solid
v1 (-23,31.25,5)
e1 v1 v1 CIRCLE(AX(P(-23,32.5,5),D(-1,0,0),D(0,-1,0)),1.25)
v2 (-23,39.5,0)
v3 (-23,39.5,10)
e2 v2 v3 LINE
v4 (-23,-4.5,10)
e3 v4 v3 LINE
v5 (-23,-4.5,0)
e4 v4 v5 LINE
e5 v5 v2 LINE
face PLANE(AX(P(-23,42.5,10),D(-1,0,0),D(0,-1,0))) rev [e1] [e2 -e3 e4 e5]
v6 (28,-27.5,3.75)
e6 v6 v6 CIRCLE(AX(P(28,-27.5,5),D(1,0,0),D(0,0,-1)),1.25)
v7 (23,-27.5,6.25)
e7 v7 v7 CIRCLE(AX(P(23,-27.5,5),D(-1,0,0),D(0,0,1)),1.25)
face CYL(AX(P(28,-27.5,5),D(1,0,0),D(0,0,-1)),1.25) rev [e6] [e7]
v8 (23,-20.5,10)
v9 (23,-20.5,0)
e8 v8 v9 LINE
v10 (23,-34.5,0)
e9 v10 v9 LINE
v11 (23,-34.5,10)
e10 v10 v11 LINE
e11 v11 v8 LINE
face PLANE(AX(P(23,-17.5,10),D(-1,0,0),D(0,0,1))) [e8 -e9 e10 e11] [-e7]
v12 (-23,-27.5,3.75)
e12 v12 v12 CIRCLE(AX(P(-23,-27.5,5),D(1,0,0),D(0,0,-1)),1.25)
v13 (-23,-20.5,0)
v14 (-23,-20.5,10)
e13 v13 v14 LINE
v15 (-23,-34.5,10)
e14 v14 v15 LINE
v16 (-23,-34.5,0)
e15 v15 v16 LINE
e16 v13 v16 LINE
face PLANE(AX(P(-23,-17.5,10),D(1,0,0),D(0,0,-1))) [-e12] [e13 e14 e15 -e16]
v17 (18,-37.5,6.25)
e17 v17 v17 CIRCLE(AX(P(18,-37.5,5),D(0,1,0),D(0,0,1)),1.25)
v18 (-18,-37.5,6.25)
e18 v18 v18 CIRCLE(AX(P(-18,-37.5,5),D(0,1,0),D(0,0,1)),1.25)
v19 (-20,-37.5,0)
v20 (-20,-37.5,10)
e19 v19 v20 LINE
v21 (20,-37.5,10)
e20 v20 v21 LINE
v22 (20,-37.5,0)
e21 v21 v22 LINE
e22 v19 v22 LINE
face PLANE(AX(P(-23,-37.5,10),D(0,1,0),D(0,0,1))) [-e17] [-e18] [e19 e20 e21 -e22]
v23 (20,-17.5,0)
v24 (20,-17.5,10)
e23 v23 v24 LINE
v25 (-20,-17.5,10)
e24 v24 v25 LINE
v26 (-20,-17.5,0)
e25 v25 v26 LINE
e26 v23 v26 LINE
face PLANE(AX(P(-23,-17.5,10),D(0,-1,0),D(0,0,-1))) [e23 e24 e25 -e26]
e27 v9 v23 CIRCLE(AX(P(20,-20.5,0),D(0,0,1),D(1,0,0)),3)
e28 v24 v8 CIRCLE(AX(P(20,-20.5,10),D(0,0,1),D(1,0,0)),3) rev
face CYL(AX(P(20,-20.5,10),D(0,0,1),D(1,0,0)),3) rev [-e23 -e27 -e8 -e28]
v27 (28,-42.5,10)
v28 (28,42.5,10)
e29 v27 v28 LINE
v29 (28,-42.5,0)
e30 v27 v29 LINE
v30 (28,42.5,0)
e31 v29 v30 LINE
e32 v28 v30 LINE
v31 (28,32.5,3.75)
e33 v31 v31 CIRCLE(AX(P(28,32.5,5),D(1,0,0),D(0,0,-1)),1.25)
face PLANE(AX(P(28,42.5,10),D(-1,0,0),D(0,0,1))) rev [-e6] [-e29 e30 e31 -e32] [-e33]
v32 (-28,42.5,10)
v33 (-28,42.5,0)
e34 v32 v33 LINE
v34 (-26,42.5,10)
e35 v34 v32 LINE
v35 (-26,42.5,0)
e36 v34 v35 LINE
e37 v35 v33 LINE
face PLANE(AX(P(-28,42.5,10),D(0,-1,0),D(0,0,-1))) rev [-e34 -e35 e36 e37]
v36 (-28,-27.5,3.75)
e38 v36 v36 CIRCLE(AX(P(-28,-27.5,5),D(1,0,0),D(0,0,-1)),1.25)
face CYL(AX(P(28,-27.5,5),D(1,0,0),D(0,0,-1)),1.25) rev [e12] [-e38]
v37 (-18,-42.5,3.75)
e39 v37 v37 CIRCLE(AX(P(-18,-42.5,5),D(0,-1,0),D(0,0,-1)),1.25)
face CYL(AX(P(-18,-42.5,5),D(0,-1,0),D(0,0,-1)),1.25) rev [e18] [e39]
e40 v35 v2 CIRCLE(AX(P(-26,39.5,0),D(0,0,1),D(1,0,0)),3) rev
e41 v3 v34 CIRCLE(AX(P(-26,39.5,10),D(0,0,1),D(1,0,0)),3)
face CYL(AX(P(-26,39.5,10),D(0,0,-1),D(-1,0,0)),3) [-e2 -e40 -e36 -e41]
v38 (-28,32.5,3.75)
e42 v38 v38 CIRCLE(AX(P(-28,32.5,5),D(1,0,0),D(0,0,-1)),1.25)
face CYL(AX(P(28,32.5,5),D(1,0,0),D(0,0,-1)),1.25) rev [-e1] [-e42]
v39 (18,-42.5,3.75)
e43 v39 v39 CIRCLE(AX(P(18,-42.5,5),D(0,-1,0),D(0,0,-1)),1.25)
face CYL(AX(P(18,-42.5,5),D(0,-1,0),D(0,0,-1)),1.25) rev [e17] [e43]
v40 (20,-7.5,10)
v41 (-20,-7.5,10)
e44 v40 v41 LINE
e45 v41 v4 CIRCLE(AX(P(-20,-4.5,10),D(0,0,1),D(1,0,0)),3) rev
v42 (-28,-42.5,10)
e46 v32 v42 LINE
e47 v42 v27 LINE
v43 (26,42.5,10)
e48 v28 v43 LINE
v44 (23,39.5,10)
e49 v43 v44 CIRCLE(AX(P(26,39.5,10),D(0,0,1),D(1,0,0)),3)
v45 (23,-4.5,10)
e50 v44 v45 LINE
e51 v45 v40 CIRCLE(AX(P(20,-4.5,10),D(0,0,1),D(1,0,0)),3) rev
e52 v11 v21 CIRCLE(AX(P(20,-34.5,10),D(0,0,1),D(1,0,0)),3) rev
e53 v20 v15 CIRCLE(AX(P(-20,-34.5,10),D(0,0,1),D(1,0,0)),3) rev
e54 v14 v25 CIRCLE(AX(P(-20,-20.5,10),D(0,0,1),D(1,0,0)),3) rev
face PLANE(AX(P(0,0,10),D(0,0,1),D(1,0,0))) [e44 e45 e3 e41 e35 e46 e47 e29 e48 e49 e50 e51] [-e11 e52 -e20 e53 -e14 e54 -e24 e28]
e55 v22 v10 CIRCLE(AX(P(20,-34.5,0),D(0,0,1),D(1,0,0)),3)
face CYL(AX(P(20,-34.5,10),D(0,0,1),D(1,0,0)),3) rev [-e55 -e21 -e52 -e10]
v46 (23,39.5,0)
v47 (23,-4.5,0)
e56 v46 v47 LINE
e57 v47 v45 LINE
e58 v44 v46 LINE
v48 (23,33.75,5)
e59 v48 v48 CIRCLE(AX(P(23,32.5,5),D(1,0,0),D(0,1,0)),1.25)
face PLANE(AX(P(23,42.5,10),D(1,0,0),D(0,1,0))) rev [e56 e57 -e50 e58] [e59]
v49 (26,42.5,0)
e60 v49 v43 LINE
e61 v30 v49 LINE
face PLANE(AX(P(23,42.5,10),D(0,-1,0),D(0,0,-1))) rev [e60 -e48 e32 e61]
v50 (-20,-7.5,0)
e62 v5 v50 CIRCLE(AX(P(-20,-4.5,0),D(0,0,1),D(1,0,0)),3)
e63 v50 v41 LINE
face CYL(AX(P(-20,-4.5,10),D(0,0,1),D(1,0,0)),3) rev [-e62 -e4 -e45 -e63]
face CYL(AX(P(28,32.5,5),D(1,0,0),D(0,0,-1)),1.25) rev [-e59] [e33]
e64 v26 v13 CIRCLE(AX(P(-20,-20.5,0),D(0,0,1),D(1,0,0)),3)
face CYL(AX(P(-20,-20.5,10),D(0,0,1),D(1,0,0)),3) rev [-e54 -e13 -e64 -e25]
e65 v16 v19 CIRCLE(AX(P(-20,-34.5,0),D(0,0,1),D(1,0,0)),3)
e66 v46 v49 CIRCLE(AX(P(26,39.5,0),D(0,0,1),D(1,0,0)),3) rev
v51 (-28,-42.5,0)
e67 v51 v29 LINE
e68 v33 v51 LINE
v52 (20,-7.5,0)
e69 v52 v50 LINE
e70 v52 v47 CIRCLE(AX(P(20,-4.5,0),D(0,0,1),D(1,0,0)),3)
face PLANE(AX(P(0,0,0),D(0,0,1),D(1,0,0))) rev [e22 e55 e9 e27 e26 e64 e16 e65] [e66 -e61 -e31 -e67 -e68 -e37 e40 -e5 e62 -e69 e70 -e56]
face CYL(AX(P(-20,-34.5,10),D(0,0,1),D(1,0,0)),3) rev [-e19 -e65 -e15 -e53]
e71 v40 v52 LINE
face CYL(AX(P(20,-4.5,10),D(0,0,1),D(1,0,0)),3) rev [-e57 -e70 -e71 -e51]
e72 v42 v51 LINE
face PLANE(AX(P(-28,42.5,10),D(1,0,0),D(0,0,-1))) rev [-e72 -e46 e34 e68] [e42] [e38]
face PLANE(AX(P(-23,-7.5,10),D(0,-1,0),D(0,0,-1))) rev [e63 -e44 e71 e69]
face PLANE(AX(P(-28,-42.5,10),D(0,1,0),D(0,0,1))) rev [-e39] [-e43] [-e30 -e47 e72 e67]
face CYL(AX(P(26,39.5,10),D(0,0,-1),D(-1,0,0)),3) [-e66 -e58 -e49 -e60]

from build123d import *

# Parameters (mm, degrees)
SKETCH_1_W      = 46
SKETCH_1_H      = 20
EXTRUDE_1_DEPTH = 10
FILLET_1_R      = 3
M3X0_51_D       = 2.5
M3X0_51_DEPTH   = 5
M3X0_52_D       = 2.5


with BuildPart() as part:
    # Эскиз1 → Бобышка-Вытянуть1 (new body)
    with BuildSketch(Plane.XY):
        Polygon((-28, 42.5), (-23, 42.5), (-23, -7.5), (23, -7.5), (23, 42.5), (28, 42.5), (28, -42.5), (-28, -42.5), align=None)
        with Locations((0, -27.5)):
            Rectangle(SKETCH_1_W, SKETCH_1_H, mode=Mode.SUBTRACT)
    extrude(amount=EXTRUDE_1_DEPTH)

    # Скругление1
    fillet_1_edges = [part.edges().sort_by_distance(p)[0] for p in [
        (-23, 42.5, 5),
        (-23, -7.5, 5),
        (23, -7.5, 5),
        (23, 42.5, 5),
        (23, -37.5, 5),
        (23, -17.5, 5),
        (-23, -17.5, 5),
        (-23, -37.5, 5),
    ]]
    fillet(fillet_1_edges, radius=FILLET_1_R)

    # Отверстие обработанное метчиком M3x0.51
    with Locations(Plane(origin=(0, -42.5, 0), x_dir=(-1, 0, 0), z_dir=(0, -1, 0))):
        with Locations((18, -5), (-18, -5)):
            Hole(M3X0_51_D / 2, depth=M3X0_51_DEPTH)

    # Отверстие обработанное метчиком M3x0.52 (through all)
    with Locations(Plane(origin=(28, 0, 0), x_dir=(0, 0, -1), z_dir=(1, 0, 0))):
        with Locations((-5, 32.5), (-5, -27.5)):
            Hole(M3X0_52_D / 2)


solid = part.part
